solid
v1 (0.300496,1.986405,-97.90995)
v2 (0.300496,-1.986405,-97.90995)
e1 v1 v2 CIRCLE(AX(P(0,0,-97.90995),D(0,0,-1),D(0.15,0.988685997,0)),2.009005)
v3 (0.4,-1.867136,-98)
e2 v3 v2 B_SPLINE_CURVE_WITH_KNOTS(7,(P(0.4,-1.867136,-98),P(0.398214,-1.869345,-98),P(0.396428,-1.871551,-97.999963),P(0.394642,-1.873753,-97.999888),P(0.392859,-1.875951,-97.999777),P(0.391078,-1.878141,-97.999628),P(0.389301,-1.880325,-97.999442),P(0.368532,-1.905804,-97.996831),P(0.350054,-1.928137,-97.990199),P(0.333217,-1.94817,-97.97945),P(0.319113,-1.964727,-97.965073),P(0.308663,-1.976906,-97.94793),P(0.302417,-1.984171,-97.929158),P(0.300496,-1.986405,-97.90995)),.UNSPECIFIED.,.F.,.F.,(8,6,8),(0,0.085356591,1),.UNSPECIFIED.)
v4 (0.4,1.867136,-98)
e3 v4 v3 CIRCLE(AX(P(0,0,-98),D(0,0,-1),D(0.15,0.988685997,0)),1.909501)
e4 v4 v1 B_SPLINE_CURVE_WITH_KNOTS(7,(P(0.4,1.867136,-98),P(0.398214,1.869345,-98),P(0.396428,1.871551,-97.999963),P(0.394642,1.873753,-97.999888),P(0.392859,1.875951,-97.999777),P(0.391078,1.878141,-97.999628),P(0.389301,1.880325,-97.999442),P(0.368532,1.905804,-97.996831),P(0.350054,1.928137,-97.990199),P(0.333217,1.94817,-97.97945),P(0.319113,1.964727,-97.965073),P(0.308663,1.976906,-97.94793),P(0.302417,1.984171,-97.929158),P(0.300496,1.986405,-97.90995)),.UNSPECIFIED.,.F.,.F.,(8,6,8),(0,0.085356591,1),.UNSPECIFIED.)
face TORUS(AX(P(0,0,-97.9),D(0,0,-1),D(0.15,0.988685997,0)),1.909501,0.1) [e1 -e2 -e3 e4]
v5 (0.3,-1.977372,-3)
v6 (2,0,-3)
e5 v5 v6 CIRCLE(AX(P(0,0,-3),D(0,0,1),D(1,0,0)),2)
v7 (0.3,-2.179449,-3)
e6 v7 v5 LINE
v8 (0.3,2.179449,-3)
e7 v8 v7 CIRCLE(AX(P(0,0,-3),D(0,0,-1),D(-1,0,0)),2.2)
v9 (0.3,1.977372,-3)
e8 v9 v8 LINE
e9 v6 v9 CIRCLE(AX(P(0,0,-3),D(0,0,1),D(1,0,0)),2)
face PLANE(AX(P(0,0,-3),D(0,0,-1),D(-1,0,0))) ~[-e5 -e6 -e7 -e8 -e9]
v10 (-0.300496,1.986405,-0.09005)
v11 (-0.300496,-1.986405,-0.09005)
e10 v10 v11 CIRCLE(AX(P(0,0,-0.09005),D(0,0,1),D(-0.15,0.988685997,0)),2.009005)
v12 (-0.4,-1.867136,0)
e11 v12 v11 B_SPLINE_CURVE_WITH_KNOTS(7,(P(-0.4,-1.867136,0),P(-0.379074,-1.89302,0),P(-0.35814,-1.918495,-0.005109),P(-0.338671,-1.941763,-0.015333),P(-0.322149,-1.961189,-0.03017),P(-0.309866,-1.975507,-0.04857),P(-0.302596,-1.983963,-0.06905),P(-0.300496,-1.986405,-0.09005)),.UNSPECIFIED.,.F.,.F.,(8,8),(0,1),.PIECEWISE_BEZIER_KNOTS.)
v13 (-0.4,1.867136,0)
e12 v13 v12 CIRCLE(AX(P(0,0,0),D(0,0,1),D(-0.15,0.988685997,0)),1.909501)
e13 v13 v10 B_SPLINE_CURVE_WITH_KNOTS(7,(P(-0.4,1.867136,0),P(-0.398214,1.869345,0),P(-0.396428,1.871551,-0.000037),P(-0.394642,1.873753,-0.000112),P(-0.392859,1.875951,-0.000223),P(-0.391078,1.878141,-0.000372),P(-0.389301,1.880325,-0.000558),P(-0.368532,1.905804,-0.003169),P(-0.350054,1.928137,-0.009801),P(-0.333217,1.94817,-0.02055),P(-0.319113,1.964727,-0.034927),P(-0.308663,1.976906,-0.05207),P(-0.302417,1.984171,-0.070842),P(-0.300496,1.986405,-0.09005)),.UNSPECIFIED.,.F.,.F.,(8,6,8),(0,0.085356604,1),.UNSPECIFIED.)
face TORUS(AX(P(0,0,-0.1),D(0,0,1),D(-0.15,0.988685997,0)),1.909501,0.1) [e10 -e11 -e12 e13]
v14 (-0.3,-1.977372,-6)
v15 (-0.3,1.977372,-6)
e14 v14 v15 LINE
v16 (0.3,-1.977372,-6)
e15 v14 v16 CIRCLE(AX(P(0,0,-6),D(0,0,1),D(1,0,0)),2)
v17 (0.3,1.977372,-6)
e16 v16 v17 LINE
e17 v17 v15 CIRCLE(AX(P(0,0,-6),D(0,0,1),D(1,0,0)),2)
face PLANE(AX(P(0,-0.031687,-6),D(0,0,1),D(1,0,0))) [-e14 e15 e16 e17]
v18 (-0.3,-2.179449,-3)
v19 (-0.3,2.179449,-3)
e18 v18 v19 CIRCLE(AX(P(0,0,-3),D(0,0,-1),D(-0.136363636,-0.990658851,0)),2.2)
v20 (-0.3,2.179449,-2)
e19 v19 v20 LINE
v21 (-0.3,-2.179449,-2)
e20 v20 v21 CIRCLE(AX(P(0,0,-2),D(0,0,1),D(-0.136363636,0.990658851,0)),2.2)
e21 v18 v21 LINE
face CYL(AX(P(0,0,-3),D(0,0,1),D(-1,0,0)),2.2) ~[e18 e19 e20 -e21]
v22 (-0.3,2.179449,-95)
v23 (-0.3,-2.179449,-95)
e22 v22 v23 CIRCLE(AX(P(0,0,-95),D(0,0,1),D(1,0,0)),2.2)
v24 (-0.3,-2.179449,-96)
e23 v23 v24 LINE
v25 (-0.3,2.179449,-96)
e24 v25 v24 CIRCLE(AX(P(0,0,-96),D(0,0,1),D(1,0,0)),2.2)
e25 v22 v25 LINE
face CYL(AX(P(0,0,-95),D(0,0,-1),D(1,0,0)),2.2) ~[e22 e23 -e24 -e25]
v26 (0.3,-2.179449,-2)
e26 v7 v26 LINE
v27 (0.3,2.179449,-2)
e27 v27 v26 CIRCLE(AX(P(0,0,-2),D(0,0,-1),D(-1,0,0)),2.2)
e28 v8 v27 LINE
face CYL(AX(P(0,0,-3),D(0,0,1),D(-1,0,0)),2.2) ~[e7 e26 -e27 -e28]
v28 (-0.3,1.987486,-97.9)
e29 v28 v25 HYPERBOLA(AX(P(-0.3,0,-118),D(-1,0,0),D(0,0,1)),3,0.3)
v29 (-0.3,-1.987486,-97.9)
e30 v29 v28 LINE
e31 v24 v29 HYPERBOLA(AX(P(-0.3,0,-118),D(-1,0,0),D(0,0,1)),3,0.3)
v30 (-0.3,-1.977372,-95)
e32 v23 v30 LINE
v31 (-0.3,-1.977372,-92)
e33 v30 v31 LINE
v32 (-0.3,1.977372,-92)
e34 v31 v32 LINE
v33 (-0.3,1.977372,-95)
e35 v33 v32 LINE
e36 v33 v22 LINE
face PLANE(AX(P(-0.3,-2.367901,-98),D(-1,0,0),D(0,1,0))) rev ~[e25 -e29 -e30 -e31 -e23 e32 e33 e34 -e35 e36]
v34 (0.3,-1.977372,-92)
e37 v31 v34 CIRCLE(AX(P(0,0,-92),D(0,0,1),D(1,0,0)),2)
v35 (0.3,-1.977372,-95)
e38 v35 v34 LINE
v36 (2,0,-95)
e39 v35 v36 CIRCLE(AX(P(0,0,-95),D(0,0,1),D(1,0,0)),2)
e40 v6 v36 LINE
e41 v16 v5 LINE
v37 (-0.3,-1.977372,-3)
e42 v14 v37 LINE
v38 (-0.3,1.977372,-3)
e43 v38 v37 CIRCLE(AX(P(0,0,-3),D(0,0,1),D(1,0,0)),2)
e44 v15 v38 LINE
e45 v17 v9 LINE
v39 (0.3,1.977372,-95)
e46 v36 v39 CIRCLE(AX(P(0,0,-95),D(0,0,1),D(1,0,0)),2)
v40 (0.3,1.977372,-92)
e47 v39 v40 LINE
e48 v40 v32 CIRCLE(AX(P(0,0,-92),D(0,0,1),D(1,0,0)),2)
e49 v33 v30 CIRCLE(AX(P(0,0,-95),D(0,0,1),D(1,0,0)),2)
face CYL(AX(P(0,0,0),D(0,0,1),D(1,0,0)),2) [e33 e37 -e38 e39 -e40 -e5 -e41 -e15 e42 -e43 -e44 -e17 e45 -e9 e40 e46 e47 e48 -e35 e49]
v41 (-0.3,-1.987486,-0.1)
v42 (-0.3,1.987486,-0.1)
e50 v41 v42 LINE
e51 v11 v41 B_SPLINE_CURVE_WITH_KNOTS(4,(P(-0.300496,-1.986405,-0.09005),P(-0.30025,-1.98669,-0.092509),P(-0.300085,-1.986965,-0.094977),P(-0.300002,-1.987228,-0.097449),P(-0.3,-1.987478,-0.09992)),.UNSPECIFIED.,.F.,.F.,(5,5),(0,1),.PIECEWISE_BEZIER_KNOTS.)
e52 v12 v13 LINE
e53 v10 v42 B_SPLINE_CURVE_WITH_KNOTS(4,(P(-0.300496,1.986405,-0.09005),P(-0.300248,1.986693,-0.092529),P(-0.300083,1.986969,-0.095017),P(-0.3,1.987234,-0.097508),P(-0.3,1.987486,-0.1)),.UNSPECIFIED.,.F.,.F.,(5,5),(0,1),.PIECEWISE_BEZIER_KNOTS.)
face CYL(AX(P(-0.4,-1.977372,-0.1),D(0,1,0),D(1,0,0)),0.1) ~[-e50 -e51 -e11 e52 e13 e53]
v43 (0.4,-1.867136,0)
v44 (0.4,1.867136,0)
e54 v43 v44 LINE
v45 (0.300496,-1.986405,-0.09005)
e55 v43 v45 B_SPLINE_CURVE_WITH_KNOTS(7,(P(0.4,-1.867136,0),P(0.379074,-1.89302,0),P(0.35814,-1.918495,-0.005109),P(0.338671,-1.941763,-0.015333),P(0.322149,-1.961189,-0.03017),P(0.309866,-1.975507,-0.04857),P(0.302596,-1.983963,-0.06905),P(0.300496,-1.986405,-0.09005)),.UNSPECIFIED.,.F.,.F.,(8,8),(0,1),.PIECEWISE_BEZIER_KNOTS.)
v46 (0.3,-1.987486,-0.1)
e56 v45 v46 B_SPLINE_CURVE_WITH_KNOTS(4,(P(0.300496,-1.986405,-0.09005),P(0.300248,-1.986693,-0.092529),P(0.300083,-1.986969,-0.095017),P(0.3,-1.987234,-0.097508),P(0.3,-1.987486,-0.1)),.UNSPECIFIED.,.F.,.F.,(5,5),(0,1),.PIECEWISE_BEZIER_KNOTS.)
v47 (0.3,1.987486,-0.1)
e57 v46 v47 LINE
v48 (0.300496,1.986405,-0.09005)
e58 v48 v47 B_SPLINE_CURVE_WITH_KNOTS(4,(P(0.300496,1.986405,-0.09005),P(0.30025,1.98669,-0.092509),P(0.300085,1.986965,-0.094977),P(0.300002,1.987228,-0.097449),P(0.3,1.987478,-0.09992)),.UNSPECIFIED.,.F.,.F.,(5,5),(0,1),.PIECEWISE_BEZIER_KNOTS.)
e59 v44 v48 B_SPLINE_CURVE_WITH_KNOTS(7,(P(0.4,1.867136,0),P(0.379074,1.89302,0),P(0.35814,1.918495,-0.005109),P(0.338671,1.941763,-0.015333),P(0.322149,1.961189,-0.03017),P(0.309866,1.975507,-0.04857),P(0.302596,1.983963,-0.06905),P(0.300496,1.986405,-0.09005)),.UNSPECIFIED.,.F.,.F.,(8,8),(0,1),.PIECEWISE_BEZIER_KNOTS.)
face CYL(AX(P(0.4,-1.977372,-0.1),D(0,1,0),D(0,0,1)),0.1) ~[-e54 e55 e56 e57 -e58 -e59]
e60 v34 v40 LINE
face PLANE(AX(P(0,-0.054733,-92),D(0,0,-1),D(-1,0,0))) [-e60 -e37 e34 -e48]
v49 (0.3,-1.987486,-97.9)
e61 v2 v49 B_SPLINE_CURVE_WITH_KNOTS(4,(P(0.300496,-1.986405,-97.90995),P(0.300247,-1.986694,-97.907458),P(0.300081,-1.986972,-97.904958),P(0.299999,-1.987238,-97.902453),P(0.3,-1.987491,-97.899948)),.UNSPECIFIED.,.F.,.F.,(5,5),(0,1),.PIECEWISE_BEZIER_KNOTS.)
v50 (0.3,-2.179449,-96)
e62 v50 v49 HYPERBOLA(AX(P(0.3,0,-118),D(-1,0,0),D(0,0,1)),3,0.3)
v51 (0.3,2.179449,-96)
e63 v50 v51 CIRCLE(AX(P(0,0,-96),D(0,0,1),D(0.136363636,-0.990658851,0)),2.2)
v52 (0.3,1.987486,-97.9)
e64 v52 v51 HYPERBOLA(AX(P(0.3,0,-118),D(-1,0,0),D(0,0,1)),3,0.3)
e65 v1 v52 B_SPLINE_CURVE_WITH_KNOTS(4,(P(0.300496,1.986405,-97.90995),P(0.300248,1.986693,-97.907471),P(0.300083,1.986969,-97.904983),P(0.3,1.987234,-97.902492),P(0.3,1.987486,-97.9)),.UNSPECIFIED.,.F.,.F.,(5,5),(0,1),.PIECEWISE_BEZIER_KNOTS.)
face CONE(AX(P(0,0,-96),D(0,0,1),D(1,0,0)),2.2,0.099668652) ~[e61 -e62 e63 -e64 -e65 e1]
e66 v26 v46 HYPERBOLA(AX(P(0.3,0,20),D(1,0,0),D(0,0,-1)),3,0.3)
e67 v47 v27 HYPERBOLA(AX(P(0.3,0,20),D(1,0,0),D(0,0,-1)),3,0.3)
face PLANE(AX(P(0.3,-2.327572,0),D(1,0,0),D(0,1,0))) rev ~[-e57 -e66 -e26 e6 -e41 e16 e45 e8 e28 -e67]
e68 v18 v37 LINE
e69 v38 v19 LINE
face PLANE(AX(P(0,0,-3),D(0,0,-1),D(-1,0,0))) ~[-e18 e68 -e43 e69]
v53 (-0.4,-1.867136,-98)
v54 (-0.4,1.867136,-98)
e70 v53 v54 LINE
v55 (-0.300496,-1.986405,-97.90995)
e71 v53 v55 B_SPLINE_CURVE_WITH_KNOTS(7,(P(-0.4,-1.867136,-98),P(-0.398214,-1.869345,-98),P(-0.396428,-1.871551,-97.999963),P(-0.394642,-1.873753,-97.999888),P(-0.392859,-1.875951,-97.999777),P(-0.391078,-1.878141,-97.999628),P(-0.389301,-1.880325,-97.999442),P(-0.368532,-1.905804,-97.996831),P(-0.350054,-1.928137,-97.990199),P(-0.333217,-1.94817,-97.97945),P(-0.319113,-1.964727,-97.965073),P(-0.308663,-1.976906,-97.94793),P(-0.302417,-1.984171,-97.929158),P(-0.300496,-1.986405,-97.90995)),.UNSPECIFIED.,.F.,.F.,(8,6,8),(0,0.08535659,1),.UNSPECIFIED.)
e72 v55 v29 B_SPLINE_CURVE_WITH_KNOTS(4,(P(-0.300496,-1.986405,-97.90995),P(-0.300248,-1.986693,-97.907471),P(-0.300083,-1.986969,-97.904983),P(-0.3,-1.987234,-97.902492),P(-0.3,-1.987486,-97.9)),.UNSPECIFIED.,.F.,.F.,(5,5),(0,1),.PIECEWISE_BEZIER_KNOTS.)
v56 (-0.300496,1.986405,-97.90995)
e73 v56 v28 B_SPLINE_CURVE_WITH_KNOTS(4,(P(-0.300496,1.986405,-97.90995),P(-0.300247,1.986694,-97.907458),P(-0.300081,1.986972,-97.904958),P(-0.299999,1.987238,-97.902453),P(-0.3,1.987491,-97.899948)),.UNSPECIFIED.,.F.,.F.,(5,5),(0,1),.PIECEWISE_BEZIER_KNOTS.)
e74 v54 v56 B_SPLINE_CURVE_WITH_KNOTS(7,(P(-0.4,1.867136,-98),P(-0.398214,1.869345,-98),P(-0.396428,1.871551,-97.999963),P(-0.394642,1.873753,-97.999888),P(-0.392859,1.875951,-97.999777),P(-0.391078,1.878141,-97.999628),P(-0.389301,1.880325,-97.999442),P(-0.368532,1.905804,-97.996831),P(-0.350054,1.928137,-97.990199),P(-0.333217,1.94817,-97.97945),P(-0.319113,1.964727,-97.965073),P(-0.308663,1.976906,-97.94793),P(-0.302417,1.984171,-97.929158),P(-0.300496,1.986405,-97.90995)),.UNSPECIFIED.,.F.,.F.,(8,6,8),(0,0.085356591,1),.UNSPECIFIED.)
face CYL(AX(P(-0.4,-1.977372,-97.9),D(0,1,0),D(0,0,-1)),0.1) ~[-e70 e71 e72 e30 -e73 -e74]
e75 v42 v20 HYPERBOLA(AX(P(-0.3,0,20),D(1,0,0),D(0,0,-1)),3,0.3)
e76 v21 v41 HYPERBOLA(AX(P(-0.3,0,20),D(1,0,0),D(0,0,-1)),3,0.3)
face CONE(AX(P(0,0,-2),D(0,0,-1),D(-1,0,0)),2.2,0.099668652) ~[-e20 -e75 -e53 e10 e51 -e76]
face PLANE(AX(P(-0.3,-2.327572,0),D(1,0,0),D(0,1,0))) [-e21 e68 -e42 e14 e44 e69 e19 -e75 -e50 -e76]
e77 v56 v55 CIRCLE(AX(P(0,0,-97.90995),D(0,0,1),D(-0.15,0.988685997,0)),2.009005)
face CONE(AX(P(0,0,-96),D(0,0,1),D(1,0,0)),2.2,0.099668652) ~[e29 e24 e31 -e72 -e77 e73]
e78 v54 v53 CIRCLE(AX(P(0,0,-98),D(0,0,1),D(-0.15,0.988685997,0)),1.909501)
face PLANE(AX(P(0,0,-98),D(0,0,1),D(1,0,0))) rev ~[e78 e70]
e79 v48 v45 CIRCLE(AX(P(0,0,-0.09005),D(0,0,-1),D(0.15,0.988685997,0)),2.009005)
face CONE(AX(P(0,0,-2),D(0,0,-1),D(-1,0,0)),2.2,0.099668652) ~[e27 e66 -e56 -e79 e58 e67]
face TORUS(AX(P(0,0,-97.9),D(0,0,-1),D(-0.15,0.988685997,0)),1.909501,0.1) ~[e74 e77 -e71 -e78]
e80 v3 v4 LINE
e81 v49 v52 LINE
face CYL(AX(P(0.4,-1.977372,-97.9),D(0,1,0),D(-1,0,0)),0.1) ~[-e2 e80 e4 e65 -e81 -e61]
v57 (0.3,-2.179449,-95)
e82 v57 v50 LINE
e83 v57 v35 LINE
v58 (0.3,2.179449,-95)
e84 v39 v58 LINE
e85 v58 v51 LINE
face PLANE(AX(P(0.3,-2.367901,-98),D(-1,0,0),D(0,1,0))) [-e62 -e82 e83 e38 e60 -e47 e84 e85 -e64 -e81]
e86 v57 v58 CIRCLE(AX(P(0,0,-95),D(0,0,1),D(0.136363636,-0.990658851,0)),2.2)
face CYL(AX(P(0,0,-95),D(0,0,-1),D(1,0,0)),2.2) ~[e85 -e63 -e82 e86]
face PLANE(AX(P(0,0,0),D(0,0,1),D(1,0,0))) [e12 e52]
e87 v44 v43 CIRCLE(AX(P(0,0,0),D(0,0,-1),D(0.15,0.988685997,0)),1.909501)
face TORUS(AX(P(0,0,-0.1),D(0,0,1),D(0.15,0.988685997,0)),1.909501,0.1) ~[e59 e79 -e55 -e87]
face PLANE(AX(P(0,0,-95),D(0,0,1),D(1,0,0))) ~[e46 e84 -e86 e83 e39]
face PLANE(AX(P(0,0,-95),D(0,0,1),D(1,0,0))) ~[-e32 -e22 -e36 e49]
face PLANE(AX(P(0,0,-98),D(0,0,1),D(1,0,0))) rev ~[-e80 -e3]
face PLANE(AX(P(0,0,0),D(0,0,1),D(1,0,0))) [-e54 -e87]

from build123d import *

# Parameters (mm, degrees)
SKETCH_1_R          = 2
EXTRUDE_1_DEPTH     = 98
SKETCH_4_W          = 0.6
SKETCH_4_H          = 4.591769547
CUT_EXTRUDE_1_DEPTH = 6
SKETCH_5_W          = 0.6
SKETCH_5_H          = 4.626337449
CUT_EXTRUDE_2_DEPTH = 6
FILLET_1_R          = 0.1


with BuildPart() as part:
    # 草图1 → 凸台-拉伸1 (new body)
    with BuildSketch(Plane.XY):
        Circle(SKETCH_1_R)
    extrude(amount=-EXTRUDE_1_DEPTH)

    # 草图2 → 旋转1 (revolve)
    with BuildSketch(Plane(origin=(0, 0, 0), x_dir=(1, 0, 0), z_dir=(0, 1, 0))):
        Polygon((2, 98), (2, 95), (2.2, 95), (2.2, 96), align=None)
    revolve(axis=Axis((0, 0, -98.400889699), (0, 0, 1)))

    # 草图3 → 旋转2 (revolve)
    with BuildSketch(Plane(origin=(0, 0, 0), x_dir=(1, 0, 0), z_dir=(0, 1, 0)), mode=Mode.PRIVATE) as revolve_2_sk:
        Polygon((2, 0), (2, 3), (2.2, 3), (2.2, 2), align=None)
    revolve(revolve_2_sk.sketch.rotate(Axis((0, 0, 0.764121939), (0, 0, -1)), 180), axis=Axis((0, 0, 0.764121939), (0, 0, -1)))

    # 草图4 → 切除-拉伸1 (cut)
    with BuildSketch(Plane.XY):
        with Locations((0, -0.031687242)):
            Rectangle(SKETCH_4_W, SKETCH_4_H)
    extrude(amount=-CUT_EXTRUDE_1_DEPTH, mode=Mode.SUBTRACT)

    # 草图5 → 切除-拉伸2 (cut)
    with BuildSketch(Plane(origin=(0, 0, -98), x_dir=(-1, 0, 0), z_dir=(0, 0, -1))):
        with Locations((0, -0.054732511)):
            Rectangle(SKETCH_5_W, SKETCH_5_H)
    extrude(amount=-CUT_EXTRUDE_2_DEPTH, mode=Mode.SUBTRACT)

    # 圆角1
    fillet_1_edges = [part.edges().sort_by_distance(p)[0] for p in [
        (0.3, 0, -98),
        (2, 0, -98),
        (-0.3, 0, -98),
        (-2, 0, -98),
        (-2, 0, 0),
        (-0.3, 0, 0),
        (2, 0, 0),
        (0.3, 0, 0),
    ]]
    fillet(fillet_1_edges, radius=FILLET_1_R)


solid = part.part
